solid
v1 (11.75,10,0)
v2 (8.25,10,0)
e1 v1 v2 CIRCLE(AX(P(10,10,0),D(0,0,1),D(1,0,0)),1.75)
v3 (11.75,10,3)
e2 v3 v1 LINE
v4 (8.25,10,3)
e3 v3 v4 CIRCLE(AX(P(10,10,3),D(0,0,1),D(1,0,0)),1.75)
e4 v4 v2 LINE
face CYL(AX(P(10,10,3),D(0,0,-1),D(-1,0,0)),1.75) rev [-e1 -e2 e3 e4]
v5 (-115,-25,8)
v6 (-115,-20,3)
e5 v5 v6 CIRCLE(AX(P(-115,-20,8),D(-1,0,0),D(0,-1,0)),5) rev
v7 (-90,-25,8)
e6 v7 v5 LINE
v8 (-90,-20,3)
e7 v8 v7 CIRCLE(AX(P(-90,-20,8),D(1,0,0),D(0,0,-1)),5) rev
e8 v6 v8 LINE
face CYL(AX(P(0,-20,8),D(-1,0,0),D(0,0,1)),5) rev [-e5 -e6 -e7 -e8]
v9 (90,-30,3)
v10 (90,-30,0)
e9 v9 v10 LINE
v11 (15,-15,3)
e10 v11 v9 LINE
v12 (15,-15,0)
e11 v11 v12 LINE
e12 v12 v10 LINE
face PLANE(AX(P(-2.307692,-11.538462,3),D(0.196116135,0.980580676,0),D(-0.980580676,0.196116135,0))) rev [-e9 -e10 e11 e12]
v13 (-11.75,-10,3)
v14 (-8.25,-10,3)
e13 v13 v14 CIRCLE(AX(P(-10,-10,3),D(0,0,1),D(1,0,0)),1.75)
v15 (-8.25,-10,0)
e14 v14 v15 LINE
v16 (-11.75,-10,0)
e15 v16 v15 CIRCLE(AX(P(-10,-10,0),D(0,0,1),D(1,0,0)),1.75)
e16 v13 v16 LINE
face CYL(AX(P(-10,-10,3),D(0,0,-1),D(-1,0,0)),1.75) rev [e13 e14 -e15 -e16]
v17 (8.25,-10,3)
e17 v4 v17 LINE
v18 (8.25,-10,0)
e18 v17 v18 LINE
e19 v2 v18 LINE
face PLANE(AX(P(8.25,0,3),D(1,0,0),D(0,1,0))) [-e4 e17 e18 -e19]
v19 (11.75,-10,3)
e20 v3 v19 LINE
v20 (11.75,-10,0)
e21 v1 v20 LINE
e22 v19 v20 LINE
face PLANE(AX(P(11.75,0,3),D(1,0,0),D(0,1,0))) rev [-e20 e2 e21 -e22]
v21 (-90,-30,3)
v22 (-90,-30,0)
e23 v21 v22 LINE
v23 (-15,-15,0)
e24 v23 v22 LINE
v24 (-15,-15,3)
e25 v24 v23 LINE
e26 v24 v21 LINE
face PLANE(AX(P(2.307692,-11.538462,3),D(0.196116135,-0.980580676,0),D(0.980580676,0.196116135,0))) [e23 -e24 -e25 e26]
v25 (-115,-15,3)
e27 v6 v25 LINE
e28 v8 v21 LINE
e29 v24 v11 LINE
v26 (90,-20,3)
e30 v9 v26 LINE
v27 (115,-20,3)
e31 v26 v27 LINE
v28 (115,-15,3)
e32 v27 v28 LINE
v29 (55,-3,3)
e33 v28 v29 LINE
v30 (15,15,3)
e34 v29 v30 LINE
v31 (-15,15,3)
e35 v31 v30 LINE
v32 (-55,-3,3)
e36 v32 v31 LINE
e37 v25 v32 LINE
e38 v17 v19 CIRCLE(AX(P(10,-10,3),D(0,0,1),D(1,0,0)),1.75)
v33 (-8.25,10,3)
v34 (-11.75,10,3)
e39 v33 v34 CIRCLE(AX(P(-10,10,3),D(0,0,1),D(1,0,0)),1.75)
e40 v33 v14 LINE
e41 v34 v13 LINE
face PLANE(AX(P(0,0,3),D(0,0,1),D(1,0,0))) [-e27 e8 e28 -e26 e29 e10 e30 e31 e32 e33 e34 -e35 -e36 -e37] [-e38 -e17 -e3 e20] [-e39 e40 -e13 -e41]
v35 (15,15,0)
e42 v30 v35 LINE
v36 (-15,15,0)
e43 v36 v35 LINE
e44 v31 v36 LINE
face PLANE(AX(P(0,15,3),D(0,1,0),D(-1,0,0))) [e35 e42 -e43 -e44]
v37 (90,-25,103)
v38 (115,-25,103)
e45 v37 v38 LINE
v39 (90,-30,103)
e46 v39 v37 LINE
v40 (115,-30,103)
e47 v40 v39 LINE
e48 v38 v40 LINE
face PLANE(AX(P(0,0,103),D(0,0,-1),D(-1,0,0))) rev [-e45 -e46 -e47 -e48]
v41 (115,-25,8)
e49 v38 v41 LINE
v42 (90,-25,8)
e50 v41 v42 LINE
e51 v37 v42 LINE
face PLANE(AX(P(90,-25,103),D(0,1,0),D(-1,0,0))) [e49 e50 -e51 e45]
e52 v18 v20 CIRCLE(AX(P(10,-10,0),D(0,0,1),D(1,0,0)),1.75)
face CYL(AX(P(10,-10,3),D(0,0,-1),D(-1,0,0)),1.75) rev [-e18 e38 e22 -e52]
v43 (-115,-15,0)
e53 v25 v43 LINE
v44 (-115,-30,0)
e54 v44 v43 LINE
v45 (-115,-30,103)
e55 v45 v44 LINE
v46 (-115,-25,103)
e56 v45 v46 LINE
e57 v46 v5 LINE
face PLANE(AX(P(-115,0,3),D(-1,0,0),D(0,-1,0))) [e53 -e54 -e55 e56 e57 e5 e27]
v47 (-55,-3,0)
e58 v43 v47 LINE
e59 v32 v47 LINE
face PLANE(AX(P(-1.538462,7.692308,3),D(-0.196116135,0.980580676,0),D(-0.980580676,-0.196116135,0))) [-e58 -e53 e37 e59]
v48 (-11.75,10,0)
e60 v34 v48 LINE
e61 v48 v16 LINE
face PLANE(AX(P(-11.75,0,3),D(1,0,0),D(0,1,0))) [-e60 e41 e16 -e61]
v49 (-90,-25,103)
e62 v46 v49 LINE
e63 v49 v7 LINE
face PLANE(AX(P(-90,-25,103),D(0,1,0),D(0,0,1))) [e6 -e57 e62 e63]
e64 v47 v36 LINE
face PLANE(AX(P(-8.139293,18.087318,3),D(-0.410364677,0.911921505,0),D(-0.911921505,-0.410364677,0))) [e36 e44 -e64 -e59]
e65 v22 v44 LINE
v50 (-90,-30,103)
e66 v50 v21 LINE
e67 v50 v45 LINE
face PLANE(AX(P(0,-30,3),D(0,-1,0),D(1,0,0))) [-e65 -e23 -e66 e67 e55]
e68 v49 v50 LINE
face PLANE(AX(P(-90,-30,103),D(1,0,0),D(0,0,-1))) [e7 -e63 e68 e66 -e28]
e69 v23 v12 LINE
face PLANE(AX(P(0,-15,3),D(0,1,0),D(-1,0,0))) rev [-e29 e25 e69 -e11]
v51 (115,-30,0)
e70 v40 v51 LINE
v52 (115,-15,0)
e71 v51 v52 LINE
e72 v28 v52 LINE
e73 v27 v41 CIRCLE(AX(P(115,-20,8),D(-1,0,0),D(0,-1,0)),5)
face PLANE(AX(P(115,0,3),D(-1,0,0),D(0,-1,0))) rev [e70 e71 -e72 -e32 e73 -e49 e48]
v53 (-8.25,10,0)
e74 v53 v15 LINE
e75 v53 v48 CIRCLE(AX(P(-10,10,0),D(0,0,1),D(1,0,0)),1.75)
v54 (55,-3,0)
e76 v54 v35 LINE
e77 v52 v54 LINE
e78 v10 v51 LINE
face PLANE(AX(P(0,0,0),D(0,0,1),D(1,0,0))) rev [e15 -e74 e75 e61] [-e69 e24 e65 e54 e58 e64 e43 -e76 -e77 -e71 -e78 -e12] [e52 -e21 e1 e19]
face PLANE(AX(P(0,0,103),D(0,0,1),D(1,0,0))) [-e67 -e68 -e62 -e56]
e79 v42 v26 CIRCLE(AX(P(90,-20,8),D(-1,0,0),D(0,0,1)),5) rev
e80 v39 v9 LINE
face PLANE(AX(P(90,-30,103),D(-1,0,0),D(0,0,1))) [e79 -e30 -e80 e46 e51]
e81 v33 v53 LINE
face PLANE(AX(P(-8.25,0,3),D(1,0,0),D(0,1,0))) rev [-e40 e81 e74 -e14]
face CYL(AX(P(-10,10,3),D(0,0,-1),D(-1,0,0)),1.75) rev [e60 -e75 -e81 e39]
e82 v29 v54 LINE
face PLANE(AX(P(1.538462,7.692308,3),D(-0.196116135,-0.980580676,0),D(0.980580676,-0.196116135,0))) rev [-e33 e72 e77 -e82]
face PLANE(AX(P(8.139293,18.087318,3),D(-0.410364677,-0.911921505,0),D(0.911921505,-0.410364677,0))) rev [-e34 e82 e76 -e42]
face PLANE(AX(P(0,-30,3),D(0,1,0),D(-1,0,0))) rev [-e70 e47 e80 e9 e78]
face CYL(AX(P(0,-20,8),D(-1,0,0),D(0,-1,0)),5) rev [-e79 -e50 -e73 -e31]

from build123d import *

# Parameters (mm, degrees)
SKETCH_1_W      = 30
SKETCH_1_H      = 30
EXTRUDE_1_DEPTH = 3
EXTRUDE_START   = -3
SKETCH_2_W      = 25
SKETCH_2_H      = 5
EXTRUDE_2_DEPTH = 100
FILLET_1_R      = 5


with BuildPart() as part:
    # 草图1 → 凸台-拉伸1 (new body)
    # profile 1 of 3: a face of its own
    with BuildSketch(Plane.XY):
        Rectangle(SKETCH_1_W, SKETCH_1_H)
        with BuildLine():
            Line((-11.75, -10), (-11.75, 10))
            ThreePointArc((-11.75, 10), (-10, 11.75), (-8.25, 10))
            Line((-8.25, 10), (-8.25, -10))
            ThreePointArc((-8.25, -10), (-10, -11.75), (-11.75, -10))
        make_face(mode=Mode.SUBTRACT)
        with BuildLine():
            ThreePointArc((8.25, 10), (10, 11.75), (11.75, 10))
            Line((11.75, 10), (11.75, -10))
            ThreePointArc((11.75, -10), (10, -11.75), (8.25, -10))
            Line((8.25, -10), (8.25, 10))
        make_face(mode=Mode.SUBTRACT)
    # profile 2 of 3: a face of its own
    with BuildSketch(Plane.XY):
        Polygon((-55, -3), (-15, 15), (-15, -15), (-90, -30), (-115, -30), (-115, -15), align=None)
    # profile 3 of 3: a face of its own
    with BuildSketch(Plane.XY):
        Polygon((15, 15), (15, -15), (90, -30), (115, -30), (115, -15), (55, -3), align=None)
    extrude(amount=EXTRUDE_1_DEPTH)

    # 草图2 → 凸台-拉伸2 (add)
    with BuildSketch(Plane(origin=(0, 0, 0), x_dir=(-1, 0, 0), z_dir=(0, 0, -1)).offset(EXTRUDE_START)):
        with Locations((-102.5, -27.5)):
            Rectangle(SKETCH_2_W, SKETCH_2_H)
        with Locations((102.5, -27.5)):
            Rectangle(SKETCH_2_W, SKETCH_2_H)
    extrude(amount=-EXTRUDE_2_DEPTH)

    # 圆角1
    fillet_1_edges = [part.edges().sort_by_distance(p)[0] for p in [
        (102.5, -25, 3),
        (-102.5, -25, 3),
    ]]
    fillet(fillet_1_edges, radius=FILLET_1_R)


solid = part.part
